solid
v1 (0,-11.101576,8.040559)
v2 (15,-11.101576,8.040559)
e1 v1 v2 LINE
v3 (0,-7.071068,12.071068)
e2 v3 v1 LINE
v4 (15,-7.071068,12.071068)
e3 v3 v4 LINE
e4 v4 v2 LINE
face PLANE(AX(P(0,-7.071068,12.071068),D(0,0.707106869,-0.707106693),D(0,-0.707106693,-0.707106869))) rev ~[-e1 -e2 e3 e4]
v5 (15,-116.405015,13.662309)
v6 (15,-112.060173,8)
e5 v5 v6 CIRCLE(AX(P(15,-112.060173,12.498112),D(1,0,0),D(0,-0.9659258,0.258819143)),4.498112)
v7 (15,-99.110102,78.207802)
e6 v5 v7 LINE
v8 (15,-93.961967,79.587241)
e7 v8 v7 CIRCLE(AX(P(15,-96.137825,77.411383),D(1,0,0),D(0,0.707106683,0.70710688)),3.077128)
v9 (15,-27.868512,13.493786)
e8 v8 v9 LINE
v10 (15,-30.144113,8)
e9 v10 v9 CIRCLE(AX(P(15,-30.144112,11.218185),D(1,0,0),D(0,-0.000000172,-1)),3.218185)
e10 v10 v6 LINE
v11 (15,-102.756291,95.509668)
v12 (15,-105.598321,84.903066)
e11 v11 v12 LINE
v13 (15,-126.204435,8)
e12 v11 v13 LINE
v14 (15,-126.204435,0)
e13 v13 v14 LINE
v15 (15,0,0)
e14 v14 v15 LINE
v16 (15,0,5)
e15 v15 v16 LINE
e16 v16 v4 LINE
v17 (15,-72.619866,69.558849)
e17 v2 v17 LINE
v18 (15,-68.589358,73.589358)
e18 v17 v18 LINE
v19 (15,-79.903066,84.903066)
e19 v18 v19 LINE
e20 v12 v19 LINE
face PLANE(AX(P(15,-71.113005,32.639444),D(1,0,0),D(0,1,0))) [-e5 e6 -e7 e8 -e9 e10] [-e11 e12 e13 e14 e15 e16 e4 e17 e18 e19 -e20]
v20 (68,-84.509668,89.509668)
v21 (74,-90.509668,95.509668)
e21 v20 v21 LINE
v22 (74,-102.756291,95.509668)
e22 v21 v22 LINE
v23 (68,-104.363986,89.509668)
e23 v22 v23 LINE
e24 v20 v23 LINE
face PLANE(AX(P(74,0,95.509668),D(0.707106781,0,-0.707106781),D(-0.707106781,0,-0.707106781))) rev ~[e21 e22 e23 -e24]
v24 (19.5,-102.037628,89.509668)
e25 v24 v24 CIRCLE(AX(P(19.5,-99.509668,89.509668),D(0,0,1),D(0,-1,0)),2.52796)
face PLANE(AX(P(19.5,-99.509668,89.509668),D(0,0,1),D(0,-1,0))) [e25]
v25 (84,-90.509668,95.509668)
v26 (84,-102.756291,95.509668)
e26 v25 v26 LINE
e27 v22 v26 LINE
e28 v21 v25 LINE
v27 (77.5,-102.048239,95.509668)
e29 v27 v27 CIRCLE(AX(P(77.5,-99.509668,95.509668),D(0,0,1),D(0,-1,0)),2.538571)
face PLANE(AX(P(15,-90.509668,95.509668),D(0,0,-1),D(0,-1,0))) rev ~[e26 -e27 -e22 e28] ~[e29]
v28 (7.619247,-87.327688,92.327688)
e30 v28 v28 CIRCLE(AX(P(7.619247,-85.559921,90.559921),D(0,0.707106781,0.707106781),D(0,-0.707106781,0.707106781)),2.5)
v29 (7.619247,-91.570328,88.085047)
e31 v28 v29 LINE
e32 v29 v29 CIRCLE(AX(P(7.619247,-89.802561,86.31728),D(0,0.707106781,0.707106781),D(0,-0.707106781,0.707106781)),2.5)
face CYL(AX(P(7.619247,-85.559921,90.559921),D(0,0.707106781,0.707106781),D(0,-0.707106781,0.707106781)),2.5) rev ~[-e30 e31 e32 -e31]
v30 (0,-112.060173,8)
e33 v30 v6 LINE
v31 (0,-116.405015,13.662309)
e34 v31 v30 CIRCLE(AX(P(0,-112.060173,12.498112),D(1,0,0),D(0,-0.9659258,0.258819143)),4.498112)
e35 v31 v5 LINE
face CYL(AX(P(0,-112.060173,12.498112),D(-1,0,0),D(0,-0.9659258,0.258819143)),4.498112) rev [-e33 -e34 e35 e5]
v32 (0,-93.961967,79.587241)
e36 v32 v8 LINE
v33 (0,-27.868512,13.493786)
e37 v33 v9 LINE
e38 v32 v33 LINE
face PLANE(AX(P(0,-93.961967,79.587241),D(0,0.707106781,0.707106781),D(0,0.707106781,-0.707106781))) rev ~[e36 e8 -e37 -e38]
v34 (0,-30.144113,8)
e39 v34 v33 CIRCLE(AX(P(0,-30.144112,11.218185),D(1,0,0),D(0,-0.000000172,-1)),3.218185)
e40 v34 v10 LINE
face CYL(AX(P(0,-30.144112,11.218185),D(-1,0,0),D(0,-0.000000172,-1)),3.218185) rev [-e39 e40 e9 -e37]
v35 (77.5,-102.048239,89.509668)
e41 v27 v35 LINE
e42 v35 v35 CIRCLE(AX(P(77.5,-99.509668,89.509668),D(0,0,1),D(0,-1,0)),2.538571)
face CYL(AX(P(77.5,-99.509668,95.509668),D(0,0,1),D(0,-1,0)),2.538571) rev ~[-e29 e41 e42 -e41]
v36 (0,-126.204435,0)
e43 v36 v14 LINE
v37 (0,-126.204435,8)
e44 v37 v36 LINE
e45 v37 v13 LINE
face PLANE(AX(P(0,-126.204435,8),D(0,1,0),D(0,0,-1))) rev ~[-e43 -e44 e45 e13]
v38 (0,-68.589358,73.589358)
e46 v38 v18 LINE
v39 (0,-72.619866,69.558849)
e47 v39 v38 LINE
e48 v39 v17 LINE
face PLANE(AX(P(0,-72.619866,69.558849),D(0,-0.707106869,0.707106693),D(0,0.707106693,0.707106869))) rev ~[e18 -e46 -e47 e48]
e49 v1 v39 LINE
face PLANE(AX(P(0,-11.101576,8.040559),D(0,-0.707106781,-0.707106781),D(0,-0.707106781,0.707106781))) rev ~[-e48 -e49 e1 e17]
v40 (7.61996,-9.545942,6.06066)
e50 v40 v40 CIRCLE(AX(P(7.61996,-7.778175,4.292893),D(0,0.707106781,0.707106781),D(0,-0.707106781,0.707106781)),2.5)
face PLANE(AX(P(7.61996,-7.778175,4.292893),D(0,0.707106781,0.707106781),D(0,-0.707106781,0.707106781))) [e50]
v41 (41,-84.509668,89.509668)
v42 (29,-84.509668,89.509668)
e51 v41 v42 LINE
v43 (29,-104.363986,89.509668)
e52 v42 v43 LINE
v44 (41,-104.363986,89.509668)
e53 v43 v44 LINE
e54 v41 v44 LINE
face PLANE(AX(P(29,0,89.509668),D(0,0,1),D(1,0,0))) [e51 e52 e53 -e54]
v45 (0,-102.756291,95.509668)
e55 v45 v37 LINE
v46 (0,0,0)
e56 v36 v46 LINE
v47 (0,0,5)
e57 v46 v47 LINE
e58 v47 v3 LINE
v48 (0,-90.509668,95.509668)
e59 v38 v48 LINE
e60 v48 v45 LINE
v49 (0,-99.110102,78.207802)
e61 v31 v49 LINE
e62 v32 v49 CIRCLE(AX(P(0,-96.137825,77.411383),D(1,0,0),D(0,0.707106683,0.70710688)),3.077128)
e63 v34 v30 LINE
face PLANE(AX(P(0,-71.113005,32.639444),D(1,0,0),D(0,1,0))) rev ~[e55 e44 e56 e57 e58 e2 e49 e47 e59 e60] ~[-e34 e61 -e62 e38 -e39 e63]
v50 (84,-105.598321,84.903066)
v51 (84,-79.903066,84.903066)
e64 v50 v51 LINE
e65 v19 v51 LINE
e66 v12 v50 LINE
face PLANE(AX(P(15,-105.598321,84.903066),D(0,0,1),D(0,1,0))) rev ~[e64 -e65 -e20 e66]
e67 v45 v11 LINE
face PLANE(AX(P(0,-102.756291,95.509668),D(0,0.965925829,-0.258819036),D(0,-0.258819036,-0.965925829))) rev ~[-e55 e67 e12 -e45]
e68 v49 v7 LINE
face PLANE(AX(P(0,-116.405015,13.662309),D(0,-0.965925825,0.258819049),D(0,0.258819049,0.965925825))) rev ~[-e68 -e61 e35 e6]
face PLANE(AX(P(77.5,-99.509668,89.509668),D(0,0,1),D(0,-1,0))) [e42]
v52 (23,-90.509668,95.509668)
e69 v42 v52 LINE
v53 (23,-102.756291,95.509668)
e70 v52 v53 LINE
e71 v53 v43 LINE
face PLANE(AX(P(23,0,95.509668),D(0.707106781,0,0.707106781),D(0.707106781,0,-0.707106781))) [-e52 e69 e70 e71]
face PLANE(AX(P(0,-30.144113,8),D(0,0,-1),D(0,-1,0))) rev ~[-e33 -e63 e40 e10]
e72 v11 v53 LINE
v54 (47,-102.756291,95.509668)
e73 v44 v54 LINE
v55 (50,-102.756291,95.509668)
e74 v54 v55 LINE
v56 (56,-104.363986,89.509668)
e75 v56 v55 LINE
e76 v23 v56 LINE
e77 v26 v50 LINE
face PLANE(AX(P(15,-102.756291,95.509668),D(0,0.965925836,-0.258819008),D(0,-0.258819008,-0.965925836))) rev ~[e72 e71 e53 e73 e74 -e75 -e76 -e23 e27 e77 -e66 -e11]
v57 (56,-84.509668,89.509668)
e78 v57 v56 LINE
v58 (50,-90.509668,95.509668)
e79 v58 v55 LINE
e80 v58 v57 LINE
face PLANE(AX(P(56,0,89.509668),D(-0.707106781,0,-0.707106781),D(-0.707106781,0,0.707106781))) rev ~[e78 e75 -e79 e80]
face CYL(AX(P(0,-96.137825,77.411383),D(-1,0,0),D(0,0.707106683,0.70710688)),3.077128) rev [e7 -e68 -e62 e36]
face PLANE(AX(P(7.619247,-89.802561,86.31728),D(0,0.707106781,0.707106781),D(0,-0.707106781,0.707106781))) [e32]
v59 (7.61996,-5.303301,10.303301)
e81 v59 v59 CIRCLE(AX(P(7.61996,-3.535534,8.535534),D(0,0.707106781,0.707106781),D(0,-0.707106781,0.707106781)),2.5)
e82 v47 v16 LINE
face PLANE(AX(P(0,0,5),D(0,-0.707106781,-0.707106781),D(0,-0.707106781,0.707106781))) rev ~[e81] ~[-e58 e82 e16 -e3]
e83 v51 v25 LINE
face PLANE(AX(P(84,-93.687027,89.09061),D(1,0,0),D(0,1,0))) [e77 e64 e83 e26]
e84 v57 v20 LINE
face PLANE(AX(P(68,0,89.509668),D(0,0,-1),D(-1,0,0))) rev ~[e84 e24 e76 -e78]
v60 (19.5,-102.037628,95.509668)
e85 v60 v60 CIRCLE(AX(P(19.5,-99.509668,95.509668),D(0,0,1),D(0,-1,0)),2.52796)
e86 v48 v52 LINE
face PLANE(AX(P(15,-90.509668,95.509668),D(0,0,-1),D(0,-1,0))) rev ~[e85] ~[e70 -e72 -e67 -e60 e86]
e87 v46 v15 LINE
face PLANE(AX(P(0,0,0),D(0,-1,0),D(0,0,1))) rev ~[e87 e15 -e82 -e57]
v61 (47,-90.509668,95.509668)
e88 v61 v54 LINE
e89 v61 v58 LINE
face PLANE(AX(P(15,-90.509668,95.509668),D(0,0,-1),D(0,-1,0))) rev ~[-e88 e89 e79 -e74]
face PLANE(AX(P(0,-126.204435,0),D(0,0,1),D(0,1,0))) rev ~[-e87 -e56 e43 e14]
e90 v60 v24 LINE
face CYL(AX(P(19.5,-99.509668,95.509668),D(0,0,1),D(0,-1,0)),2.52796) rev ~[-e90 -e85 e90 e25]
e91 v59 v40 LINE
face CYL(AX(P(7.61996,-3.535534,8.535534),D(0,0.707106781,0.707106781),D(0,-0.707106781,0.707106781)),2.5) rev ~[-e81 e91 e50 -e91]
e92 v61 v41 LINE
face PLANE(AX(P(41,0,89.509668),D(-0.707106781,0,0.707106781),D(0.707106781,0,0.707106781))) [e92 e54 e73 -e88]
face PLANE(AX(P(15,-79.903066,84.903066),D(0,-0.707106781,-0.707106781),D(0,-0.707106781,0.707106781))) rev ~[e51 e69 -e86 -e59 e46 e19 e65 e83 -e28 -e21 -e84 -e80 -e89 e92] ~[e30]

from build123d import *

# Parameters (mm, degrees)
PAD_DEPTH       = 15
SKETCH001_R     = 2.5
POCKET_DEPTH    = 6
PAD001_DEPTH    = 69
POCKET001_DEPTH = 0.001
POCKET002_DEPTH = 126.205435
SKETCH004_R     = 2.52796
SKETCH004_R_2   = 2.538571
POCKET003_DEPTH = 6


with BuildPart() as part:
    # Sketch → Pad (new body)
    with BuildSketch(Plane.YZ):
        Polygon((-126.204435, 0), (0, 0), (0, 5), (-7.071068, 12.071068), (-11.101576, 8.040559), (-72.619866, 69.558849), (-68.589358, 73.589358), (-90.509668, 95.509668), (-102.756291, 95.509668), (-126.204435, 8), align=None)
        with BuildLine():
            Line((-93.961967, 79.587241), (-27.868512, 13.493786))
            ThreePointArc((-30.144113, 8), (-27.170897, 9.986639), (-27.868512, 13.493786))
            Line((-30.144113, 8), (-112.060173, 8))
            ThreePointArc((-116.405015, 13.662309), (-115.628765, 9.759835), (-112.060173, 8))
            Line((-116.405015, 13.662309), (-99.110102, 78.207802))
            ThreePointArc((-93.961967, 79.587241), (-96.934244, 80.38366), (-99.110102, 78.207802))
        make_face(mode=Mode.SUBTRACT)
    extrude(amount=PAD_DEPTH)

    # Sketch001 (on Face8 of Pad) → Pocket (cut)
    with BuildSketch(Plane(origin=(0, 2.5, 2.5), x_dir=(0, -0.707107, 0.707107), z_dir=(0, 0.707107, 0.707107))):
        with Locations((8.535534, 7.61996)):
            Circle(SKETCH001_R)
        with Locations((124.535534, 7.619247)):
            Circle(SKETCH001_R)
    extrude(amount=-POCKET_DEPTH, mode=Mode.SUBTRACT)

    # Sketch002 (on Face5 of Pocket) → Pad001 (join)
    with BuildSketch(Plane.YZ.offset(15)):
        Polygon((-105.598321, 84.903066), (-79.903066, 84.903066), (-90.509668, 95.509668), (-102.756291, 95.509668), align=None)
    extrude(amount=PAD001_DEPTH)

    # Sketch003 → Pocket001 (cut, through all)
    with BuildSketch(Plane.XZ):
        Polygon((23, 95.509668), (29, 89.509668), (41, 89.509668), (47, 95.509668), align=None)
        Polygon((50, 95.509668), (74, 95.509668), (68, 89.509668), (56, 89.509668), align=None)
    extrude(amount=-POCKET001_DEPTH, mode=Mode.SUBTRACT)

    # Sketch003 → Pocket002 (cut, through all)
    with BuildSketch(Plane.XZ):
        Polygon((23, 95.509668), (29, 89.509668), (41, 89.509668), (47, 95.509668), align=None)
        Polygon((50, 95.509668), (74, 95.509668), (68, 89.509668), (56, 89.509668), align=None)
    extrude(amount=POCKET002_DEPTH, mode=Mode.SUBTRACT)

    # Sketch004 (on Face21 of Pocket002) → Pocket003 (cut)
    with BuildSketch(Plane(origin=(0, 0, 95.509668), x_dir=(0, -1, 0), z_dir=(0, 0, 1))):
        with Locations((99.509668, 19.5)):
            Circle(SKETCH004_R)
        with Locations((99.509668, 77.5)):
            Circle(SKETCH004_R_2)
    extrude(amount=-POCKET003_DEPTH, mode=Mode.SUBTRACT)


solid = part.part
